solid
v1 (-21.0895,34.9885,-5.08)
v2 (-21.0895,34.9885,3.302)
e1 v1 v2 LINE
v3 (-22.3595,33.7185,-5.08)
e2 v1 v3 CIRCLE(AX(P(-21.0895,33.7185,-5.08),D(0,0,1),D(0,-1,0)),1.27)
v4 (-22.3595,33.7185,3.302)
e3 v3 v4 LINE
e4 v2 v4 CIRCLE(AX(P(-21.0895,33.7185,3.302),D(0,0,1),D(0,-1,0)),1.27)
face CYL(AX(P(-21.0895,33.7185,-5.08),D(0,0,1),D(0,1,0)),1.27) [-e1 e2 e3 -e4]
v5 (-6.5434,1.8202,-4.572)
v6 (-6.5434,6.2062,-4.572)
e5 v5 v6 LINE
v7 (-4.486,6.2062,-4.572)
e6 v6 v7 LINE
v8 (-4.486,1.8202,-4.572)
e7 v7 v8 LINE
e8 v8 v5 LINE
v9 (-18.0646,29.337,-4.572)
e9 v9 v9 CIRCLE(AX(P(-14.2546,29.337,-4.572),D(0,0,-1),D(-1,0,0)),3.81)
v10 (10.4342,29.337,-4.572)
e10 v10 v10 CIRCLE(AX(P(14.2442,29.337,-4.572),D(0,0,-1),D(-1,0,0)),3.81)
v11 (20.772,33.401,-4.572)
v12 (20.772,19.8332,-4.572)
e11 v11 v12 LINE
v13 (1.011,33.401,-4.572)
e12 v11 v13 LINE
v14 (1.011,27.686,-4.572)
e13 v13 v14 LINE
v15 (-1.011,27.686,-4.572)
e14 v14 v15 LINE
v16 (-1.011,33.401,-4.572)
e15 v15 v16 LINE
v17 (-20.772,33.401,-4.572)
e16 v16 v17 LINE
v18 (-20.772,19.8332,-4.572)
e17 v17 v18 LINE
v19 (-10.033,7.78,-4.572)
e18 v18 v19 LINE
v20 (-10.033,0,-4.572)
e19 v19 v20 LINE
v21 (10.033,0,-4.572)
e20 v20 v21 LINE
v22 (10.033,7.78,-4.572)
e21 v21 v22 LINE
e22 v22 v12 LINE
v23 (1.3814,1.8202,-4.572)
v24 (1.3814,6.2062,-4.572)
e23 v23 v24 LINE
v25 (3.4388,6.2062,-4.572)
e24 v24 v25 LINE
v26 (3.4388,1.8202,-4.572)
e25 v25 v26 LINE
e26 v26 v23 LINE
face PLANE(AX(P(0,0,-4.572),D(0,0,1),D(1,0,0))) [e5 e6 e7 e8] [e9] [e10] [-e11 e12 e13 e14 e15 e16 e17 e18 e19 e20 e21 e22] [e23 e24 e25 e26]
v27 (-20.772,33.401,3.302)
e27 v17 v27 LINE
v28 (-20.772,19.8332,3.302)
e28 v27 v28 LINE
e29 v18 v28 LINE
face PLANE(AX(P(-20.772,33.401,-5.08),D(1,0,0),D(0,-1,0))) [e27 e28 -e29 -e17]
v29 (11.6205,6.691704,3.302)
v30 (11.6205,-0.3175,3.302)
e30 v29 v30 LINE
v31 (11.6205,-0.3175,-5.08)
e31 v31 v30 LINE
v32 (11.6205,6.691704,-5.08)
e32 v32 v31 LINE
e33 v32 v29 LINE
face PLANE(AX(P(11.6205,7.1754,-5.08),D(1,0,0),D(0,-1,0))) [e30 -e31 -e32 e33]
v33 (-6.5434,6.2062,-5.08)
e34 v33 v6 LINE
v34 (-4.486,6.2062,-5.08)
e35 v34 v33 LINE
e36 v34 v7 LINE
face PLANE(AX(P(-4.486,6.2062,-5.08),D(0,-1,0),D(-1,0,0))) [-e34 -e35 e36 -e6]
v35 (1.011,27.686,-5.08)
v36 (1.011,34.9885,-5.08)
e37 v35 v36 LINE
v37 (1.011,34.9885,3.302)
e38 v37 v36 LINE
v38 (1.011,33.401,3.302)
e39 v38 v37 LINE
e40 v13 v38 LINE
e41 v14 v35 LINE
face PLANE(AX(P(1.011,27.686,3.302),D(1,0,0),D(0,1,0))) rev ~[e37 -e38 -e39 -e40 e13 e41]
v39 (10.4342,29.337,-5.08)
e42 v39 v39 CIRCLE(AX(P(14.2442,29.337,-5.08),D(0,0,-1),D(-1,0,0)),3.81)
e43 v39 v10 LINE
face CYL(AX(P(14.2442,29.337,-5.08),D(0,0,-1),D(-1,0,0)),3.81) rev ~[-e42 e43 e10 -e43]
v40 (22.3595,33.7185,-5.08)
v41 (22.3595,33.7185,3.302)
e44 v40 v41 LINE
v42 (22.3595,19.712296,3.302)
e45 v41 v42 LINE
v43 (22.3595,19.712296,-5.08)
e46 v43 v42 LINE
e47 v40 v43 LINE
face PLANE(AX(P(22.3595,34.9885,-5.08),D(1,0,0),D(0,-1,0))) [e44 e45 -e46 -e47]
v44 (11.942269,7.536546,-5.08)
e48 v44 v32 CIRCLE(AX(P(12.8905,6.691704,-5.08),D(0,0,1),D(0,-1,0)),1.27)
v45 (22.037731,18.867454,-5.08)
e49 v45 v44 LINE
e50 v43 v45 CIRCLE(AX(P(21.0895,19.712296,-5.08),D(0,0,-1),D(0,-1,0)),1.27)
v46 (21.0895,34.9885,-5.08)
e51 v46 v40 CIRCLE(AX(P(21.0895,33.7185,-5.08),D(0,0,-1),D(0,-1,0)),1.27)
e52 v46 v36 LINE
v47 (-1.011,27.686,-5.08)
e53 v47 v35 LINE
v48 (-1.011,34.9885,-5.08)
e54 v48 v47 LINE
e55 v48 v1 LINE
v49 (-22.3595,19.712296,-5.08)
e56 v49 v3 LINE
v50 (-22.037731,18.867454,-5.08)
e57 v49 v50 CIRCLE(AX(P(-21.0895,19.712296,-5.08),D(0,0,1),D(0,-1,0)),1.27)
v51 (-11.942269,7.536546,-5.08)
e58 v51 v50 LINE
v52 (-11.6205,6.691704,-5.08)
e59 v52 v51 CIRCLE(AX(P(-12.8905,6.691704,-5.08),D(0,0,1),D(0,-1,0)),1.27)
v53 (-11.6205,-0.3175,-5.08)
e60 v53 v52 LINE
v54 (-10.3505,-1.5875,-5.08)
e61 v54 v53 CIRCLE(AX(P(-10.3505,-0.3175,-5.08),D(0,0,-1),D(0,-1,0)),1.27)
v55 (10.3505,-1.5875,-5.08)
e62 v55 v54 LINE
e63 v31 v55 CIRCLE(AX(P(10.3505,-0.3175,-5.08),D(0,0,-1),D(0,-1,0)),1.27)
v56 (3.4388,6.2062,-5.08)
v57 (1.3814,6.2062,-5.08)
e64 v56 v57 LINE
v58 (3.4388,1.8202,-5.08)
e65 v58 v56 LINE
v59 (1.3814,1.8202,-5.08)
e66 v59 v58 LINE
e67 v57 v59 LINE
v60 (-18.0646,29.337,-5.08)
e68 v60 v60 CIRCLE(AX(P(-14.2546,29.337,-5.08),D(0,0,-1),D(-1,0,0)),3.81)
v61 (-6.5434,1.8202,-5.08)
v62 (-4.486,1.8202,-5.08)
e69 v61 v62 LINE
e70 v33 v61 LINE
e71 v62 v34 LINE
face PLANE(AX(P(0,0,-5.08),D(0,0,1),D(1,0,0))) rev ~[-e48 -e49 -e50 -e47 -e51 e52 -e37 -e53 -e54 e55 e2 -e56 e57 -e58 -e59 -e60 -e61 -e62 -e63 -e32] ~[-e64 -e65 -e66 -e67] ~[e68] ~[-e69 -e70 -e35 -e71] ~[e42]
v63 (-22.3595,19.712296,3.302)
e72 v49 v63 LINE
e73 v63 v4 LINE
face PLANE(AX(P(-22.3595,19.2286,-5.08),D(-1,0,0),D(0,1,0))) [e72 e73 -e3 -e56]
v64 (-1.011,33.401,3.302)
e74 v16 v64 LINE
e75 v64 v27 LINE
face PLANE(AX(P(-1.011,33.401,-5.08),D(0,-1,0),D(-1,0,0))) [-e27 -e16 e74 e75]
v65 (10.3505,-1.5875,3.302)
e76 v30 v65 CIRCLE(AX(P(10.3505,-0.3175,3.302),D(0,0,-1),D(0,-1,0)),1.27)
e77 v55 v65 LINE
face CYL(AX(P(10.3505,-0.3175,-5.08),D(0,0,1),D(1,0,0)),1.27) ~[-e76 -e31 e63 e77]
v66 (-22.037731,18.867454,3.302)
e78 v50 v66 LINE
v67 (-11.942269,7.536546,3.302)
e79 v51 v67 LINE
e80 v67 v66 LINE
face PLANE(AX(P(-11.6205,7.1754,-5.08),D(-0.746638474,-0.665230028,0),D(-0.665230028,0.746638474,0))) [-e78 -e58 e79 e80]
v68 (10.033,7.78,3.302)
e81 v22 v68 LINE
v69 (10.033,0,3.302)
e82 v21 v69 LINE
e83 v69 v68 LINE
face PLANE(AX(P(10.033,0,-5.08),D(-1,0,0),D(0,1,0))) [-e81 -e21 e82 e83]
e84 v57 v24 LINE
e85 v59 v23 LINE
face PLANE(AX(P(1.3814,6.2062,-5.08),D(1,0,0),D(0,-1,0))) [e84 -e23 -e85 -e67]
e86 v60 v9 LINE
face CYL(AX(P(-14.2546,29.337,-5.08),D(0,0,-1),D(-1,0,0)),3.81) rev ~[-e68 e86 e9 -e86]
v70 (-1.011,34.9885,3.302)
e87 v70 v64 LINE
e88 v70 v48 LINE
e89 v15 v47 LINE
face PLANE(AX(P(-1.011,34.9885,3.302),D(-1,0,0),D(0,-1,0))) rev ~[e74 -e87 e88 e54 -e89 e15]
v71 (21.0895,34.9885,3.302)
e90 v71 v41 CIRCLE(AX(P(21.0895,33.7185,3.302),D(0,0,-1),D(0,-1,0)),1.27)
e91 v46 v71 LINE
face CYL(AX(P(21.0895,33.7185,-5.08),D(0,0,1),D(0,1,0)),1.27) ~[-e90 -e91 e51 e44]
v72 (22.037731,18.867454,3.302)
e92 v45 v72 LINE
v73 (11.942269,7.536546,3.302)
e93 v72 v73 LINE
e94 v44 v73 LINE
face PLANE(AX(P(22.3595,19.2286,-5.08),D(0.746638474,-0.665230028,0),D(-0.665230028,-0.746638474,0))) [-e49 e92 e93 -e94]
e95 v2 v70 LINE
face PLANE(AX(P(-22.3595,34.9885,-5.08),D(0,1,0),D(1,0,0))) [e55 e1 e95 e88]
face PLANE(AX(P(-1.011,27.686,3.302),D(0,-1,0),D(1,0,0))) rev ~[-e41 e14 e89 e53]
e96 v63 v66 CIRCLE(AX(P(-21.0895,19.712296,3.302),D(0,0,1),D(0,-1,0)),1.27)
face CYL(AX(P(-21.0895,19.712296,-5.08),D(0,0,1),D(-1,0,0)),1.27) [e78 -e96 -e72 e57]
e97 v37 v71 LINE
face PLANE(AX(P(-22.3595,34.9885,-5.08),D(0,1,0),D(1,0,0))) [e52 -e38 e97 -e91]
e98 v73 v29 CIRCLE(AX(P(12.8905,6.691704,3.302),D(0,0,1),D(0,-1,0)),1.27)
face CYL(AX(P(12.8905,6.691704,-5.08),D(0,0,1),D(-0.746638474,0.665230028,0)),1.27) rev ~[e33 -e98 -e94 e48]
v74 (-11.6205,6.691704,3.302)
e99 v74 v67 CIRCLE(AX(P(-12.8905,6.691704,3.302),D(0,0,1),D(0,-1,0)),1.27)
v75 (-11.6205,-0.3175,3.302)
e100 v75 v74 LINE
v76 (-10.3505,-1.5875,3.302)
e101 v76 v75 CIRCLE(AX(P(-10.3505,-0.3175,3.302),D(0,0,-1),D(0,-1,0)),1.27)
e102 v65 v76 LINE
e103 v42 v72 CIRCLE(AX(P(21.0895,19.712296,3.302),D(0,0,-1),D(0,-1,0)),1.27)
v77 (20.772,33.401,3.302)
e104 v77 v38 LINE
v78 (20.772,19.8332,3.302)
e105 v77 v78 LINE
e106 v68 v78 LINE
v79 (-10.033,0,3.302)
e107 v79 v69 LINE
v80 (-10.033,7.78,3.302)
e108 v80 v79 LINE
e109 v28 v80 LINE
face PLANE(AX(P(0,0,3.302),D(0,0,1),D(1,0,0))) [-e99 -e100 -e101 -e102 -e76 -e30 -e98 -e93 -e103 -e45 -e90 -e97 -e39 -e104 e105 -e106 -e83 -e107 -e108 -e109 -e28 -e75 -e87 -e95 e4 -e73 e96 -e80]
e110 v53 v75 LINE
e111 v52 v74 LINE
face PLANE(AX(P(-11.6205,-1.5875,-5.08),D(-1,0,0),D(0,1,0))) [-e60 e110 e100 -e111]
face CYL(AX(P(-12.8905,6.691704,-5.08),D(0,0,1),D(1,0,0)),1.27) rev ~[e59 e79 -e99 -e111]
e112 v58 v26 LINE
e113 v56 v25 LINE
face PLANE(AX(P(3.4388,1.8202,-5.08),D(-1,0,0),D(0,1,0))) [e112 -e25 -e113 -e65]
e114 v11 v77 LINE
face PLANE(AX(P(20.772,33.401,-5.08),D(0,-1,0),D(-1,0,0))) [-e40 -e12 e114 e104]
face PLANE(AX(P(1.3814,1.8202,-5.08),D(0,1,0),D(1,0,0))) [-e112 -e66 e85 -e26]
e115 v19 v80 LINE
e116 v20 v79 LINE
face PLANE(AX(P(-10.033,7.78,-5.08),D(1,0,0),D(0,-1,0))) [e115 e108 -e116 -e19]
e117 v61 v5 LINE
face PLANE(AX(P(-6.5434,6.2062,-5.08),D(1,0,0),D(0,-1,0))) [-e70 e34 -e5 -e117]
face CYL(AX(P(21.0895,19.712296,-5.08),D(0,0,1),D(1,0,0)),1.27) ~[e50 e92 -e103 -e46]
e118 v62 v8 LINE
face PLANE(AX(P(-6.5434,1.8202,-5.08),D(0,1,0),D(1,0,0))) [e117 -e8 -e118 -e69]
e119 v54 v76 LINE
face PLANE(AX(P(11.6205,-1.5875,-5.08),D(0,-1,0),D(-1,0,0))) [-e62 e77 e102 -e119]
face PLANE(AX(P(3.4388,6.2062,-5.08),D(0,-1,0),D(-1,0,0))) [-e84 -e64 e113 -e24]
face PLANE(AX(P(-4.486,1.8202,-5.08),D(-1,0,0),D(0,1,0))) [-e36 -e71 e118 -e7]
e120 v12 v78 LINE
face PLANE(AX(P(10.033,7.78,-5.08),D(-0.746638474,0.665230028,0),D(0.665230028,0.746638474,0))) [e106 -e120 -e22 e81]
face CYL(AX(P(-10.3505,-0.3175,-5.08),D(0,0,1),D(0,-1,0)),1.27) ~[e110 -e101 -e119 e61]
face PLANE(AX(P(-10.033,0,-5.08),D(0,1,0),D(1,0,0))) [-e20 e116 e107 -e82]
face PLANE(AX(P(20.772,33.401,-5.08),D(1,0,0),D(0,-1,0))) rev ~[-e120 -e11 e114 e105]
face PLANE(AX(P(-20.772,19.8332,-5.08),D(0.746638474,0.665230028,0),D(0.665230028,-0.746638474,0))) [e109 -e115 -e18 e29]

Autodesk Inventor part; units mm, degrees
ref_plane "YZ Plane" through (0, 0, 0) normal (1, 0, 0) x (0, 1, 0)
ref_plane "XZ Plane" through (0, 0, 0) normal (0, 1, 0) x (-1, 0, 0)
ref_plane "Work Plane1" through (0, 0, -5.08) normal (0, 0, 1) x (1, 0, 0)
sketch "Sketch1" plane through (0, 0, -5.08) normal (0, 0, 1) x (1, 0, 0)
  line L0 (20.772, 33.401) -> (20.772, 19.8332)
  line L1 (20.772, 33.401) -> (1.011, 33.401)
  line L2 (1.011, 33.401) -> (1.011, 27.686)
  line L3 (1.011, 27.686) -> (-1.011, 27.686)
  line L4 (-1.011, 27.686) -> (-1.011, 33.401)
  line L5 (-1.011, 33.401) -> (-20.772, 33.401)
  line L6 (-20.772, 33.401) -> (-20.772, 19.8332)
  line L7 (-20.772, 19.8332) -> (-10.033, 7.78)
  line L8 (-10.033, 7.78) -> (-10.033, 0)
  line L9 (-10.033, 0) -> (10.033, 0)
  line L10 (10.033, 0) -> (10.033, 7.78)
  line L11 (10.033, 7.78) -> (20.772, 19.8332)
  line L12 (-22.3595, 34.9885) -> (-0.5765, 34.9885)
  line L13 (-0.5765, 34.9885) -> (22.3595, 34.9885)
  line L14 (22.3595, 34.9885) -> (22.3595, 19.2286)
  line L15 (22.3595, 19.2286) -> (11.6205, 7.1754)
  line L16 (11.6205, 7.1754) -> (11.6205, -1.5875)
  line L17 (11.6205, -1.5875) -> (-11.6205, -1.5875)
  line L18 (-11.6205, -1.5875) -> (-11.6205, 7.1754)
  line L19 (-11.6205, 7.1754) -> (-22.3595, 19.2286)
  line L20 (-22.3595, 19.2286) -> (-22.3595, 34.9885)
  point P0 (0, 0)
  point P1 (0, 0)
  point P2 (0, 27.686)
  point P3 (0, 0)
  dimension "d1" = 41.544
  dimension "d2" = 19.761
  dimension "d3" = 19.761
  dimension "d6" = 20.066
  dimension "d7" = 138.3
  dimension "d8" = 138.3
  dimension "d9" = 33.401
  dimension "d10" = 5.715
  dimension "d11" = 25.621
  dimension "d12" = 1.5875
extrude "Extrusion1" add sketch "Sketch1" along normal blind 8.382
extrude "Extrusion2" add sketch "Sketch1" along normal blind 0.508 contours L0 L11 L10 L9 L8 L7 L6 L5 L4 L3 L2 L1
sketch "Sketch2" plane through (0, 0, 3.302) normal (0, 0, 1) x (1, 0, 0)
  line L0 (-22.3595, 34.9885) -> (22.3595, 34.9885) construction
  line L1 (-1.011, 27.686) -> (1.011, 27.686)
  line L2 (1.011, 27.686) -> (1.011, 34.9885)
  line L3 (1.011, 34.9885) -> (-1.011, 34.9885)
  line L4 (-1.011, 34.9885) -> (-1.011, 27.686)
  point P0 (0, 0)
extrude "Extrusion3" cut sketch "Sketch2" against normal through all
fillet "Fillet1" radius 1.27 8 edges at (-22.3595, 34.9885, -0.889) (-22.3595, 19.2286, -0.889) (-11.6205, 7.1754, -0.889) (-11.6205, -1.5875, -0.889) (11.6205, -1.5875, -0.889) (11.6205, 7.1754, -0.889) (22.3595, 19.2286, -0.889) (22.3595, 34.9885, -0.889)
sketch "Sketch4" plane through (0, 0, -5.08) normal (0, 0, -1) x (-1, 0, 0)
  circle A0 centre (-14.2442, 29.337) radius 1.8288 construction
  circle A1 centre (14.2546, 29.337) radius 1.8288 construction
  circle A2 centre (-14.2442, 29.337) radius 3.81
  circle A3 centre (14.2546, 29.337) radius 3.81
  line L0 (-1.8894, 5.6982) -> (-2.9308, 5.6982) construction
  line L1 (-2.9308, 2.3282) -> (-2.9308, 5.6982) construction
  line L2 (-2.9308, 2.3282) -> (-1.8894, 2.3282) construction
  line L3 (-1.8894, 5.6982) -> (-1.8894, 2.3282) construction
  line L4 (6.0354, 5.6982) -> (4.994, 5.6982) construction
  line L5 (4.994, 2.3282) -> (4.994, 5.6982) construction
  line L6 (4.994, 2.3282) -> (6.0354, 2.3282) construction
  line L7 (6.0354, 5.6982) -> (6.0354, 2.3282) construction
  line L8 (-1.3814, 1.8202) -> (-3.4388, 1.8202)
  line L9 (-3.4388, 1.8202) -> (-3.4388, 6.2062)
  line L10 (-3.4388, 6.2062) -> (-1.3814, 6.2062)
  line L11 (-1.3814, 6.2062) -> (-1.3814, 1.8202)
  line L12 (4.486, 6.2062) -> (6.5434, 6.2062)
  line L13 (6.5434, 6.2062) -> (6.5434, 1.8202)
  line L14 (6.5434, 1.8202) -> (4.486, 1.8202)
  line L15 (4.486, 1.8202) -> (4.486, 6.2062)
  point P0 (0, 0)
  dimension "d30" = 7.62
  dimension "d33" = 0.508
  dimension "d34" = 0.508
extrude "Extrusion4" cut sketch "Sketch4" against normal blind 25.4
equation "\"d3\" = d2"
equation "\"d8\" = d7"
properties part number "kracken Cover" material "Aluminum 6061"
